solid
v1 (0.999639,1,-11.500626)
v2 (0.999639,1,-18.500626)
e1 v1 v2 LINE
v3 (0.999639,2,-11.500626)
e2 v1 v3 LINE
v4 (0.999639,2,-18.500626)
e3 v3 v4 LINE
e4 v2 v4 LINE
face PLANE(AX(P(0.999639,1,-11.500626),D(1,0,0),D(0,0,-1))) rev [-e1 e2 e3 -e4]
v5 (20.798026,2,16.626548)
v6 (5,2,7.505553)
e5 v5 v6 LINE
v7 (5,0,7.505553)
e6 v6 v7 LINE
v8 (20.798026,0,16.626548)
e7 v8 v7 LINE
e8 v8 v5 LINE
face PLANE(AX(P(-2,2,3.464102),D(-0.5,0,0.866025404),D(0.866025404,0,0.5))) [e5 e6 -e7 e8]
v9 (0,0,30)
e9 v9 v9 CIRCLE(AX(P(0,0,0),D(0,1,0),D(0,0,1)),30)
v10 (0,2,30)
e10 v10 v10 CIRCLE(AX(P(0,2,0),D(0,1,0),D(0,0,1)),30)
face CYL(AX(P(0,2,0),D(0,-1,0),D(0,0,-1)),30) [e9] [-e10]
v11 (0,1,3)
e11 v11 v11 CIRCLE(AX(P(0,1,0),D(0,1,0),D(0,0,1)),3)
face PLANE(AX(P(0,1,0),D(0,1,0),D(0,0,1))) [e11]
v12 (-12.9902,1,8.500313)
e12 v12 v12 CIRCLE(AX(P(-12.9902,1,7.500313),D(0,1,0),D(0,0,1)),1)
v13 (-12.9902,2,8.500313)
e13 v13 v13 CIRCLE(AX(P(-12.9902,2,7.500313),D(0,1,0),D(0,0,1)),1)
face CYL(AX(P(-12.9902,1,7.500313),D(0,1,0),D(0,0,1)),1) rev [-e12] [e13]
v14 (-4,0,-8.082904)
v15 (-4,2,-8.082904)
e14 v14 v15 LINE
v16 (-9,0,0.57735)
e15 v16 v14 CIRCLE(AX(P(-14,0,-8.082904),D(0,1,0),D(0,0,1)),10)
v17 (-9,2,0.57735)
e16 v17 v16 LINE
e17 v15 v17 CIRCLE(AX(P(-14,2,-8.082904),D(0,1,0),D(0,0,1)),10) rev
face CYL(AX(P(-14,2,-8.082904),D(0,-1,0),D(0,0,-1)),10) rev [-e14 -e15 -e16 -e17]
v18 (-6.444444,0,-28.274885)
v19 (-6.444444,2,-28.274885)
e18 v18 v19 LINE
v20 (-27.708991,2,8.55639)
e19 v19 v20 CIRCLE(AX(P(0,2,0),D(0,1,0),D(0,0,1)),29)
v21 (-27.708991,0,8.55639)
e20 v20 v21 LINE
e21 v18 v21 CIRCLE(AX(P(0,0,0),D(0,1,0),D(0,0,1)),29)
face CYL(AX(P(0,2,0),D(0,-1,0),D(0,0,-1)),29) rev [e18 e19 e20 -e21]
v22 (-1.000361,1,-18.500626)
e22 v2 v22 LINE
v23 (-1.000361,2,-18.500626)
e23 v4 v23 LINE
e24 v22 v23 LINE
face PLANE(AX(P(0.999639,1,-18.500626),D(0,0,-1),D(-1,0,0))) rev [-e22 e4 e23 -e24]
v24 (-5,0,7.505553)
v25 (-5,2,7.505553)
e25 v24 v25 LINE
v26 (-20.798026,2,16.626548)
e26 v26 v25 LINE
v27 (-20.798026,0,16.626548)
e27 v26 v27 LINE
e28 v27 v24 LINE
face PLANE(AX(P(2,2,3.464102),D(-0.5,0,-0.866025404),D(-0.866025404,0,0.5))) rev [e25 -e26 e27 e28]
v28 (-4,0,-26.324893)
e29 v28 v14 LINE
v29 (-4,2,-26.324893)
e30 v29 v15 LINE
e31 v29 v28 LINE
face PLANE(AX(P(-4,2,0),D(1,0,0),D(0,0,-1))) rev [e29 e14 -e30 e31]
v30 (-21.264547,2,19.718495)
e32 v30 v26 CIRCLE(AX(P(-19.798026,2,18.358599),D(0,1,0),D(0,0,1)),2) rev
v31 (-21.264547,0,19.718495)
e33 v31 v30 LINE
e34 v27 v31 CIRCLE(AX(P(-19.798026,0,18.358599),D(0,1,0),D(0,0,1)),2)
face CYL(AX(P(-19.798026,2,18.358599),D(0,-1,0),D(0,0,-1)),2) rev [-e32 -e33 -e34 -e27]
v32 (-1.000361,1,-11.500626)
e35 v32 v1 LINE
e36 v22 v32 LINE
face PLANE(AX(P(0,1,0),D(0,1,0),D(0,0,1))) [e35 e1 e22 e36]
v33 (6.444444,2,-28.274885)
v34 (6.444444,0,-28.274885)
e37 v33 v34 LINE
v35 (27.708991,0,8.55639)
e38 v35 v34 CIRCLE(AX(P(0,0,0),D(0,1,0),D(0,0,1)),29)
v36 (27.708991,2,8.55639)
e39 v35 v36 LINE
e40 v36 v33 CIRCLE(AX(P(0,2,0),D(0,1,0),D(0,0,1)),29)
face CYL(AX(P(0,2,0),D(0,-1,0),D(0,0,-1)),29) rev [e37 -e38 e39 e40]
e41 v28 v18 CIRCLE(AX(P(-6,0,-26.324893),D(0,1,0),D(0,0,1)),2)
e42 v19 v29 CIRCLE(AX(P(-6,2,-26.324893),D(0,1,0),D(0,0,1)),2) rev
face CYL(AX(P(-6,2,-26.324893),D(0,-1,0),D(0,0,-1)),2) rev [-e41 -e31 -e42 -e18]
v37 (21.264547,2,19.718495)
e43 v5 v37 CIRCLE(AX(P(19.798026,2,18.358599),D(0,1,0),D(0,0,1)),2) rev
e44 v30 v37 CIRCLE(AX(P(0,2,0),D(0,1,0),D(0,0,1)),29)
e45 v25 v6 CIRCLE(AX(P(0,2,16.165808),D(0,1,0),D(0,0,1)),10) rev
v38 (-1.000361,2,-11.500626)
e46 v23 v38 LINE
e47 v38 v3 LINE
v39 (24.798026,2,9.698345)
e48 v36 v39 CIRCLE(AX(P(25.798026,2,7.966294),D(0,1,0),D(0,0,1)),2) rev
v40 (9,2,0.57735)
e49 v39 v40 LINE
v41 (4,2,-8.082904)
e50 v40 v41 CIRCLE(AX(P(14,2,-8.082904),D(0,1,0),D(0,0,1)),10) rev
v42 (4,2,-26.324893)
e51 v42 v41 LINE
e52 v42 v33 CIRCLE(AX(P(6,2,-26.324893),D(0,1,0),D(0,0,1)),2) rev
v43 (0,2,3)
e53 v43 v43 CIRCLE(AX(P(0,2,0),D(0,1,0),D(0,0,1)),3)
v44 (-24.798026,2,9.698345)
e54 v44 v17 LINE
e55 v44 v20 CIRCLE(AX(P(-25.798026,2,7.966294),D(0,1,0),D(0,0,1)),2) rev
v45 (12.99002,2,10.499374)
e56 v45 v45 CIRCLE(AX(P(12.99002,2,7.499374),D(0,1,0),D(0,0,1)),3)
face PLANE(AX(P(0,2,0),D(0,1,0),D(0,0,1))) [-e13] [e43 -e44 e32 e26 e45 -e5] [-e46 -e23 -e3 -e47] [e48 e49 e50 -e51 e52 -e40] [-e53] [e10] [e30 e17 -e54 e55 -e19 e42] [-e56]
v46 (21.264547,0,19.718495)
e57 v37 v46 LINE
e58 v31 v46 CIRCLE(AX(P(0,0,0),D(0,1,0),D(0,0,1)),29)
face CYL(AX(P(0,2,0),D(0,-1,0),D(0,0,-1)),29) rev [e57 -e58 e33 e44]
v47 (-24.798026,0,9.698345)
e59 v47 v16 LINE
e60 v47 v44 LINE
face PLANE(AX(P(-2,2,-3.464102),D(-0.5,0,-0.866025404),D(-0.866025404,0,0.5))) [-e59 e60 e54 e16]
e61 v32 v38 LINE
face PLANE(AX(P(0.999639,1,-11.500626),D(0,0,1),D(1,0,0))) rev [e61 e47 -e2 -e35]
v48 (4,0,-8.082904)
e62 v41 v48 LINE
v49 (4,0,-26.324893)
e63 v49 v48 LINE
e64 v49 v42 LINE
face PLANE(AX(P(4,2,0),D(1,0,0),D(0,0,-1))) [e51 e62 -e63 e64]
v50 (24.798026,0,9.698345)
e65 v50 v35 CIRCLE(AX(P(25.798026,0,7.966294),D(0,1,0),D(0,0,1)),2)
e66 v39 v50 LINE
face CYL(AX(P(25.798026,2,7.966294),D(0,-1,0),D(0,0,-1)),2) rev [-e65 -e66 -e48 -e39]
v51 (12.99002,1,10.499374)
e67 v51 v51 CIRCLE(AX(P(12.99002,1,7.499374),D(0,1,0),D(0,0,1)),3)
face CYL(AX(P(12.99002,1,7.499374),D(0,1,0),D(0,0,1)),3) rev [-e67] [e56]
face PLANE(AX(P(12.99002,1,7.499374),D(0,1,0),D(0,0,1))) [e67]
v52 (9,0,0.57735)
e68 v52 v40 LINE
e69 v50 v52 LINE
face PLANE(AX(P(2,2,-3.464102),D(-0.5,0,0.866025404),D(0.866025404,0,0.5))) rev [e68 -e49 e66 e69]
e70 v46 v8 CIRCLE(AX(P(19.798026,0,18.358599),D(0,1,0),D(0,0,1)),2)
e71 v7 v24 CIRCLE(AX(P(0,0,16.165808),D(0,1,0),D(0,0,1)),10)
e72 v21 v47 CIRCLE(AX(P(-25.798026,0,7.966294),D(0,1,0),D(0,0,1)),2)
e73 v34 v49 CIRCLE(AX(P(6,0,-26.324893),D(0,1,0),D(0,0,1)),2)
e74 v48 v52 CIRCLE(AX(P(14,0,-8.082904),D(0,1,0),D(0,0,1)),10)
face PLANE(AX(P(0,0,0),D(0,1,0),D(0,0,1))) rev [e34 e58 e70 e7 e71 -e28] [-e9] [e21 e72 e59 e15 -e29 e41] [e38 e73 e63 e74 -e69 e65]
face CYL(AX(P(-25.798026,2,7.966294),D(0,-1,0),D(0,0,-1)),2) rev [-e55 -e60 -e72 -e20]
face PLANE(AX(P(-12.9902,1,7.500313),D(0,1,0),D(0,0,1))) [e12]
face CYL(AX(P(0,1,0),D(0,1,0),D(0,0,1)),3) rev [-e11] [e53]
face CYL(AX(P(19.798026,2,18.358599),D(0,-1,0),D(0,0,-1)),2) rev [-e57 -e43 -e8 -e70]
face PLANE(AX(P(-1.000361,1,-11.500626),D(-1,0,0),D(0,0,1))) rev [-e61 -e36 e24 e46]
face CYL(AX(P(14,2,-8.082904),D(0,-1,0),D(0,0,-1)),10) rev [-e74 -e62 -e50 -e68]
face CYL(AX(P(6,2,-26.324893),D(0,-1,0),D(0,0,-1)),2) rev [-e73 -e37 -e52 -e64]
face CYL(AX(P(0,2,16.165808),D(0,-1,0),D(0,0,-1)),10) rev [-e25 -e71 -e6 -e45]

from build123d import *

# Parameters (mm, degrees)
SKETCH1_R           = 30
BOSS_EXTRUDE1_DEPTH = 2
FILLET1_R           = 10
FILLET2_R           = 2
SKETCH2_R           = 3
CUT_EXTRUDE1_DEPTH  = 1
SKETCH3_R           = 1
SKETCH3_R_2         = 3
SKETCH3_W           = 2
SKETCH3_H           = 7
CUT_EXTRUDE2_DEPTH  = 1


with BuildPart() as part:
    # Sketch1 → Boss-Extrude1 (new body)
    with BuildSketch(Plane(origin=(0, 0, 0), x_dir=(1, 0, 0), z_dir=(0, 1, 0))):
        with Locations(Location((0, 0, 0), (0, 0, 270))):
            Circle(SKETCH1_R)
        with BuildLine():
            Line((-22.874685928, -17.825508231), (0, -4.618802154))
            Line((0, -4.618802154), (22.874685928, -17.825508231))
            ThreePointArc((22.874685928, -17.825508231), (0, -29), (-22.874685928, -17.825508231))
        make_face(mode=Mode.SUBTRACT)
        with BuildLine():
            Line((26.874685928, -10.897305001), (4, 2.309401077))
            Line((4, 2.309401077), (4, 28.722813233))
            ThreePointArc((4, 28.722813233), (25.11473671, 14.5), (26.874685928, -10.897305001))
        make_face(mode=Mode.SUBTRACT)
        with BuildLine():
            Line((-4, 28.722813233), (-4, 2.309401077))
            Line((-4, 2.309401077), (-26.874685928, -10.897305001))
            ThreePointArc((-26.874685928, -10.897305001), (-25.11473671, 14.5), (-4, 28.722813233))
        make_face(mode=Mode.SUBTRACT)
    extrude(amount=BOSS_EXTRUDE1_DEPTH)

    # Fillet1
    fillet1_edges = [part.edges().sort_by_distance(p)[0] for p in [
        (0, 1, 4.618802154),
        (-4, 1, -2.309401077),
        (4, 1, -2.309401077),
    ]]
    fillet(fillet1_edges, radius=FILLET1_R)

    # Fillet2
    fillet2_edges = [part.edges().sort_by_distance(p)[0] for p in [
        (-22.874685928, 1, 17.825508231),
        (22.874685928, 1, 17.825508231),
        (-4, 1, -28.722813233),
        (-26.874685928, 1, 10.897305001),
        (26.874685928, 1, 10.897305001),
        (4, 1, -28.722813233),
    ]]
    fillet(fillet2_edges, radius=FILLET2_R)

    # Sketch2 → Cut-Extrude1 (cut)
    with BuildSketch(Plane(origin=(0, 2, 0), x_dir=(1, 0, 0), z_dir=(0, 1, 0))):
        with Locations(Location((0, 0, 0), (0, 0, 270))):
            Circle(SKETCH2_R)
    extrude(amount=-CUT_EXTRUDE1_DEPTH, mode=Mode.SUBTRACT)

    # Sketch3 → Cut-Extrude2 (cut)
    with BuildSketch(Plane(origin=(0, 2, 0), x_dir=(1, 0, 0), z_dir=(0, 1, 0))):
        with Locations(Location((-12.990200407, -7.500312817, 0), (0, 0, 270))):
            Circle(SKETCH3_R)
        with Locations(Location((12.990019825, -7.499374327, 0), (0, 0, 270))):
            Circle(SKETCH3_R_2)
        with Locations((-0.000361232, 15.000625673)):
            Rectangle(SKETCH3_W, SKETCH3_H)
    extrude(amount=-CUT_EXTRUDE2_DEPTH, mode=Mode.SUBTRACT)


solid = part.part
